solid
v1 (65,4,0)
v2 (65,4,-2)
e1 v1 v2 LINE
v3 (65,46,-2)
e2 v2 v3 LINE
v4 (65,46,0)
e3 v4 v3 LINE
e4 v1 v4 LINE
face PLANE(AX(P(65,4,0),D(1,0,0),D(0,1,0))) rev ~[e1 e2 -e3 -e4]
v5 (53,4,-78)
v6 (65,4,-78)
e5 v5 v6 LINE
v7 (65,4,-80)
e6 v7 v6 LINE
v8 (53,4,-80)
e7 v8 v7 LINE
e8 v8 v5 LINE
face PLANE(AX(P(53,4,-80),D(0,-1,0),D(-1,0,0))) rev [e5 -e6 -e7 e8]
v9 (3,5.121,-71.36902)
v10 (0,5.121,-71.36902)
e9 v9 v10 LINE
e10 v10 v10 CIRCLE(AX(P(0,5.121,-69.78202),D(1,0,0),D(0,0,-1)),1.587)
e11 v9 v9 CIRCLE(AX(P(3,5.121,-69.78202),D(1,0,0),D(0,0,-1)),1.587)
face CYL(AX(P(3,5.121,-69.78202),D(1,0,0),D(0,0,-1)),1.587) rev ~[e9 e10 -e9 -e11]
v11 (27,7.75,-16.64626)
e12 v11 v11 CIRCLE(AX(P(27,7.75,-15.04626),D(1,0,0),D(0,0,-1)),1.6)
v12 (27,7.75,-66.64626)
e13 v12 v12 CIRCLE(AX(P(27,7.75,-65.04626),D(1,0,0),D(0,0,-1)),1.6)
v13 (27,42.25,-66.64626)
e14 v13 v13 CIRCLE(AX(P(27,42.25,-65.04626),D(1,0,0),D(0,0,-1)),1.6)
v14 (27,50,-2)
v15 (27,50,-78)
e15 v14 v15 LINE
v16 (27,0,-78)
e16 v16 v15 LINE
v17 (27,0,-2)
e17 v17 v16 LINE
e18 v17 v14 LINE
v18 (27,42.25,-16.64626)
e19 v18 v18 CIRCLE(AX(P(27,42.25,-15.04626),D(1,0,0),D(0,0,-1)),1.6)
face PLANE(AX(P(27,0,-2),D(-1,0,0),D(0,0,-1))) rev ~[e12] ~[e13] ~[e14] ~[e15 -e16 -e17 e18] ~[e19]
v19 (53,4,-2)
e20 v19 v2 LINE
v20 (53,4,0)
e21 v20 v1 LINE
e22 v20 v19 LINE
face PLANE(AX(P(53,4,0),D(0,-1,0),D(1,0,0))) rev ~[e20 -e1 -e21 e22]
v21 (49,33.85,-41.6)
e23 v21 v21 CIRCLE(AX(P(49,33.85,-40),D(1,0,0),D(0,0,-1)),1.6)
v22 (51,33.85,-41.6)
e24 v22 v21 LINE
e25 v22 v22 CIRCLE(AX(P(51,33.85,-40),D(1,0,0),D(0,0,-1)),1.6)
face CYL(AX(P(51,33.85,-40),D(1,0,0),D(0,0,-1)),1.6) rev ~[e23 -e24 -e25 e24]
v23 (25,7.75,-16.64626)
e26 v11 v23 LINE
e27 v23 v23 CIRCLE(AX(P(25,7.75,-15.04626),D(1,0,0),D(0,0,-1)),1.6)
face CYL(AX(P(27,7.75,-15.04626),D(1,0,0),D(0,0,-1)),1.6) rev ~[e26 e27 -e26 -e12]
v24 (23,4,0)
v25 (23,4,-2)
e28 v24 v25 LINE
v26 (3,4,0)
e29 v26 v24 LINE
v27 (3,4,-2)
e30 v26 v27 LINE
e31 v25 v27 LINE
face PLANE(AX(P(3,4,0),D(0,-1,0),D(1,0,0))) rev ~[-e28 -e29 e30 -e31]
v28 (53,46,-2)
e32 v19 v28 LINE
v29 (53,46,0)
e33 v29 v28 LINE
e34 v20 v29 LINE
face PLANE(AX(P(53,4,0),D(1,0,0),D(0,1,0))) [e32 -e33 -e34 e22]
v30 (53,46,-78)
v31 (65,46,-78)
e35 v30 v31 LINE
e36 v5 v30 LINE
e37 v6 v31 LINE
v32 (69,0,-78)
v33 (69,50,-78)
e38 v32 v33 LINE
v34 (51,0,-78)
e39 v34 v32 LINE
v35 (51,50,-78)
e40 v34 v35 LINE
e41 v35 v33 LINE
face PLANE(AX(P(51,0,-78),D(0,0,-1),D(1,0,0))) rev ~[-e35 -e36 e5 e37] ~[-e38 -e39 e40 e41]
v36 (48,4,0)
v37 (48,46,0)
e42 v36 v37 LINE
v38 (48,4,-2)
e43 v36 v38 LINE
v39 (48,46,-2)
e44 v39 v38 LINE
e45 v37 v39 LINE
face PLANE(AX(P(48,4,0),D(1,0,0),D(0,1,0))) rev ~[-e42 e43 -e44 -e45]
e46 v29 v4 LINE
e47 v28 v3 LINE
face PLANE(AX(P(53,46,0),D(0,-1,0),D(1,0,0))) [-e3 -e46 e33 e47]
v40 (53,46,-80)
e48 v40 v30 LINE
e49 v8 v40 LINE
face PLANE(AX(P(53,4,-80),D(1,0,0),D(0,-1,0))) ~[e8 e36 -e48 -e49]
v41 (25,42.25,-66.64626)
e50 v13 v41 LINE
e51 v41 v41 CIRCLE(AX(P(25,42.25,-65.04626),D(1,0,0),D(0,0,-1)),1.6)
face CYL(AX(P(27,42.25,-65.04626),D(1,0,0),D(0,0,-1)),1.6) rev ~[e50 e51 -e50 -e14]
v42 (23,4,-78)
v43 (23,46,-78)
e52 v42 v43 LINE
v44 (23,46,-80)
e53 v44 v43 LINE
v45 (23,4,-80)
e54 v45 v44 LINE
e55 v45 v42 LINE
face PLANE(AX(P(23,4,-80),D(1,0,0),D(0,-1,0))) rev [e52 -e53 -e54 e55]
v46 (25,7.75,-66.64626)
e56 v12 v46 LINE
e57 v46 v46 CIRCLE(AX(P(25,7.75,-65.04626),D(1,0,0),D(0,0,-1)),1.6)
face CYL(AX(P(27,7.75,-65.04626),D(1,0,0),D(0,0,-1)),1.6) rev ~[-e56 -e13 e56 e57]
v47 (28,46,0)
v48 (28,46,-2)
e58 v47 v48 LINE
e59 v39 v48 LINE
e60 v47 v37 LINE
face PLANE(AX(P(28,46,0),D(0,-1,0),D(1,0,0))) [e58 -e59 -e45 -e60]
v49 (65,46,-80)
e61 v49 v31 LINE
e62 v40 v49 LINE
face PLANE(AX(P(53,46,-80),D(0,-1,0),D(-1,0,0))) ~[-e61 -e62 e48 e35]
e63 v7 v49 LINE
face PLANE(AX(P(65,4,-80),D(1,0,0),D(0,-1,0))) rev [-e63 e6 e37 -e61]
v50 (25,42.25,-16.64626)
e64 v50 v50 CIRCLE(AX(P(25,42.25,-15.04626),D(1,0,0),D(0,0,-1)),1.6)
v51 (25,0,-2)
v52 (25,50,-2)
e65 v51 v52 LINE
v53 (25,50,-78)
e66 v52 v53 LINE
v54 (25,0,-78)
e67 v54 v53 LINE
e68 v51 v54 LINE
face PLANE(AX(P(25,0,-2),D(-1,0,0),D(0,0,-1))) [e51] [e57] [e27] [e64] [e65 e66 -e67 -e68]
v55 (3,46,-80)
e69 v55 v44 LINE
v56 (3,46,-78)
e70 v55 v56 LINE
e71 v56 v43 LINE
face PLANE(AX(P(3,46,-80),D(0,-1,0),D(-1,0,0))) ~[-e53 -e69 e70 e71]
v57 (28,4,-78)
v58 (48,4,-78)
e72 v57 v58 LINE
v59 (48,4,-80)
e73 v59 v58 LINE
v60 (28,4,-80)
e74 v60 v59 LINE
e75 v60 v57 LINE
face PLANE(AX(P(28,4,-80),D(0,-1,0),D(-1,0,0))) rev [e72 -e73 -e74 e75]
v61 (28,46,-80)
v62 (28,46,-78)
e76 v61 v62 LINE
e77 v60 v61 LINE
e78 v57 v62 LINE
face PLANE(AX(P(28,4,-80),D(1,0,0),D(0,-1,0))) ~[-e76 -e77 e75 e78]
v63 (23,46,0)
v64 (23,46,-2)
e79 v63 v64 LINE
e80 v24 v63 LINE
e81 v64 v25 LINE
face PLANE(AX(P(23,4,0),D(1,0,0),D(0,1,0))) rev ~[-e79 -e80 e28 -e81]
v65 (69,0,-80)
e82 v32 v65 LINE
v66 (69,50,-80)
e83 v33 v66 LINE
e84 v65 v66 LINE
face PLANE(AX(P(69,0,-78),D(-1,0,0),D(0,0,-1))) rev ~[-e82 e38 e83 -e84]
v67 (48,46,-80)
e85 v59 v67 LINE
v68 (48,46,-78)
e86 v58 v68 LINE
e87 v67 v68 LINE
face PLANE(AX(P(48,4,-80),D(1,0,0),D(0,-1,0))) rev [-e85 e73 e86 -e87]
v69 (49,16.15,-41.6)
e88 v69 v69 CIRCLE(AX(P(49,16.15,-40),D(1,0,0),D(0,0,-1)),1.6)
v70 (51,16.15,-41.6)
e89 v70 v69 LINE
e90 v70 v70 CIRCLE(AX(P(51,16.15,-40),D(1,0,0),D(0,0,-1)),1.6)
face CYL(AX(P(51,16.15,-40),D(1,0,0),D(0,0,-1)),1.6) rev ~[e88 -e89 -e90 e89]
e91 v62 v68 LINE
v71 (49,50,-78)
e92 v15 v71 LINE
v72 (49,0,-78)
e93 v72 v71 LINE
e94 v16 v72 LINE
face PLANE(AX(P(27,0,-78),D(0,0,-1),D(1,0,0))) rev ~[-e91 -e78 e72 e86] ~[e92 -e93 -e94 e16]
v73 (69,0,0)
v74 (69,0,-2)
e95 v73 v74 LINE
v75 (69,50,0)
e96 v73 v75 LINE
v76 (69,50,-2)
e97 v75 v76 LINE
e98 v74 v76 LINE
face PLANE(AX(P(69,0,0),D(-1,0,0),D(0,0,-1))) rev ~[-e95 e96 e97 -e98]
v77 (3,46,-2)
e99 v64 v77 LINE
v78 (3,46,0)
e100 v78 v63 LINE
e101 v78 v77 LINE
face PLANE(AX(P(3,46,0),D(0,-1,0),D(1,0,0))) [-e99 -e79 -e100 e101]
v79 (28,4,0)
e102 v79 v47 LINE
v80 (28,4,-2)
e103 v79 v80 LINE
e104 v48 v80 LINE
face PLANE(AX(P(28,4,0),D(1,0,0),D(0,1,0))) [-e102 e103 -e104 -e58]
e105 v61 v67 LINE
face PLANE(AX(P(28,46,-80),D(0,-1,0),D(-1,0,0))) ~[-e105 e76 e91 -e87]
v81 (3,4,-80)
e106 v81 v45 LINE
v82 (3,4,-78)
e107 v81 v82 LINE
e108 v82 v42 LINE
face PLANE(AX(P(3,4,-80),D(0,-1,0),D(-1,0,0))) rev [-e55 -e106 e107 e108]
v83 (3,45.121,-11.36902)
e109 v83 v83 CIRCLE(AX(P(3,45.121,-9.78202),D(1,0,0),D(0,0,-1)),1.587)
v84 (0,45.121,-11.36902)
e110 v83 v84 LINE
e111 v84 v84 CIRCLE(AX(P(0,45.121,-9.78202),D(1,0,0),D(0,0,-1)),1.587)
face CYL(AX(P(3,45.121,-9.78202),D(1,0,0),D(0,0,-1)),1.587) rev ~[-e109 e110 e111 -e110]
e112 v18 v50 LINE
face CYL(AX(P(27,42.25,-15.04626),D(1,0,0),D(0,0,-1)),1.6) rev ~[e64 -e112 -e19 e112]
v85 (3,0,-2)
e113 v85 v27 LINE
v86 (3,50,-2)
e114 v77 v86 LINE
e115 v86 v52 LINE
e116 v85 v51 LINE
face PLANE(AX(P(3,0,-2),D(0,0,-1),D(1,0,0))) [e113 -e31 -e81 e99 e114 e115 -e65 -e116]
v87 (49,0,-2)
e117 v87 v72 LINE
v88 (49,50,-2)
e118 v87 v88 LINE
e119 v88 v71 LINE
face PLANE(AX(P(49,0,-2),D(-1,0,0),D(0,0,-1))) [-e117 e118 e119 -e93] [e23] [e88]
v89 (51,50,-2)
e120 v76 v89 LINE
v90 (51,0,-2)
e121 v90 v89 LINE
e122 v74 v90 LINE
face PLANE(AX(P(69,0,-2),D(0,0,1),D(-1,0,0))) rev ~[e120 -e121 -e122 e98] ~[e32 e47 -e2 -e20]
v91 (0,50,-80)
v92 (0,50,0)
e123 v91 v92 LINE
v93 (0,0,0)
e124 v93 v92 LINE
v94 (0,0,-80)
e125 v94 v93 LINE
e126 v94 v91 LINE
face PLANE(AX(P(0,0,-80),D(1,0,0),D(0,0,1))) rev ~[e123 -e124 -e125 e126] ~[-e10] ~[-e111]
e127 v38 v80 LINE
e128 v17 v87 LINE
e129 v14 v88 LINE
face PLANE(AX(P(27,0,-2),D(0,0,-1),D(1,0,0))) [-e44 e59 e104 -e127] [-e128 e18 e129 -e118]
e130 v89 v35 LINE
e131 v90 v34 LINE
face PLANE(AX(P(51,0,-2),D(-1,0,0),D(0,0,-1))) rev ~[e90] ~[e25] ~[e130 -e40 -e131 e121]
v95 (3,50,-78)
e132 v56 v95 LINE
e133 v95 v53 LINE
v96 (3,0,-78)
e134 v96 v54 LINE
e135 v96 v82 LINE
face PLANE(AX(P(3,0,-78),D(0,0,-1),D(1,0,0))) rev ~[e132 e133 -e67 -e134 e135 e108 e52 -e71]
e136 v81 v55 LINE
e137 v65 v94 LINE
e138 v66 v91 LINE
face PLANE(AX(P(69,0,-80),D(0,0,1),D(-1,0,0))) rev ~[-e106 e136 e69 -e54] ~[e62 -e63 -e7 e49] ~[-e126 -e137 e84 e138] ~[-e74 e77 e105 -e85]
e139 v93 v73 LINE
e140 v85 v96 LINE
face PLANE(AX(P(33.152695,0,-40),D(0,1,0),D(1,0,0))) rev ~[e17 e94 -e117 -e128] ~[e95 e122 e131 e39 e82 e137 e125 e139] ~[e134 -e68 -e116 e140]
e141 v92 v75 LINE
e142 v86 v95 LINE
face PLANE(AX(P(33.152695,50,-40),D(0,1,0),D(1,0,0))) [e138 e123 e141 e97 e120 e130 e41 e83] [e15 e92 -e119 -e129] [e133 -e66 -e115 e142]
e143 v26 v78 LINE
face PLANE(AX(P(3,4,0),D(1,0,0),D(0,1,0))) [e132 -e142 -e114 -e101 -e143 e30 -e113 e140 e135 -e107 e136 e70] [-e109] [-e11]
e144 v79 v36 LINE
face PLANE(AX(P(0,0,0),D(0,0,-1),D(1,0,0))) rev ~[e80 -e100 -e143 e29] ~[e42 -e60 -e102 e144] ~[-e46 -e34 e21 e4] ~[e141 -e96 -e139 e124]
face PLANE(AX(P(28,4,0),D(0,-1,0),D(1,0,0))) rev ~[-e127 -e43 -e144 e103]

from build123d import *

# Parameters (mm, degrees)
SKETCH_1_W          = 22
SKETCH_1_H          = 76
EXTRUDE_1_DEPTH     = 50
SKETCH_5_W          = 20
SKETCH_5_H          = 42
SKETCH_5_W_2        = 12
CUT_EXTRUDE_1_DEPTH = 10
SKETCH_2_R          = 1.6
CUT_EXTRUDE_2_DEPTH = 10
SKETCH_3_R          = 1.6
CUT_EXTRUDE_3_DEPTH = 10
SKETCH_4_R          = 1.587
CUT_EXTRUDE_4_DEPTH = 10


with BuildPart() as part:
    # 草图1 → 凸台-拉伸1 (new body)
    with BuildSketch(Plane(origin=(0, 0, 0), x_dir=(1, 0, 0), z_dir=(0, 1, 0))):
        Polygon((0, 0), (69, 0), (69, 2), (51, 2), (51, 78), (69, 78), (69, 80), (0, 80), align=None)
        with Locations((14, 40)):
            Rectangle(SKETCH_1_W, SKETCH_1_H, mode=Mode.SUBTRACT)
        with Locations((38, 40)):
            Rectangle(SKETCH_1_W, SKETCH_1_H, mode=Mode.SUBTRACT)
    extrude(amount=EXTRUDE_1_DEPTH)

    # 草图5 → 切除-拉伸1 (cut)
    with BuildSketch(Plane.XY):
        with Locations((13, 25)):
            Rectangle(SKETCH_5_W, SKETCH_5_H)
        with Locations((38, 25)):
            Rectangle(SKETCH_5_W, SKETCH_5_H)
        with Locations((59, 25)):
            Rectangle(SKETCH_5_W_2, SKETCH_5_H)
    cut_extrude_1 = extrude(amount=-CUT_EXTRUDE_1_DEPTH, mode=Mode.SUBTRACT)

    # 镜向1: 切除-拉伸1 across plane
    add(cut_extrude_1.mirror(Plane.XY.offset(-40)), mode=Mode.SUBTRACT)

    # 草图2 → 切除-拉伸2 (cut)
    with BuildSketch(Plane(origin=(51, 0, 0), x_dir=(0, 0, -1), z_dir=(1, 0, 0))):
        with Locations((40, 33.85)):
            Circle(SKETCH_2_R)
        with Locations((40, 16.15)):
            Circle(SKETCH_2_R)
    extrude(amount=-CUT_EXTRUDE_2_DEPTH, mode=Mode.SUBTRACT)

    # 草图3 → 切除-拉伸3 (cut)
    with BuildSketch(Plane(origin=(27, 0, 0), x_dir=(0, 0, -1), z_dir=(1, 0, 0))):
        with Locations((15.046260159, 7.75)):
            Circle(SKETCH_3_R)
        with Locations((65.046260159, 7.75)):
            Circle(SKETCH_3_R)
        with Locations((15.046260159, 42.25)):
            Circle(SKETCH_3_R)
        with Locations((65.046260159, 42.25)):
            Circle(SKETCH_3_R)
    extrude(amount=-CUT_EXTRUDE_3_DEPTH, mode=Mode.SUBTRACT)

    # 草图4 → 切除-拉伸4 (cut)
    with BuildSketch(Plane(origin=(3, 0, 0), x_dir=(0, 0, -1), z_dir=(1, 0, 0))):
        with Locations((69.78201983, 5.121000004)):
            Circle(SKETCH_4_R)
        with Locations((9.78201983, 45.121000004)):
            Circle(SKETCH_4_R)
    extrude(amount=-CUT_EXTRUDE_4_DEPTH, mode=Mode.SUBTRACT)


solid = part.part
